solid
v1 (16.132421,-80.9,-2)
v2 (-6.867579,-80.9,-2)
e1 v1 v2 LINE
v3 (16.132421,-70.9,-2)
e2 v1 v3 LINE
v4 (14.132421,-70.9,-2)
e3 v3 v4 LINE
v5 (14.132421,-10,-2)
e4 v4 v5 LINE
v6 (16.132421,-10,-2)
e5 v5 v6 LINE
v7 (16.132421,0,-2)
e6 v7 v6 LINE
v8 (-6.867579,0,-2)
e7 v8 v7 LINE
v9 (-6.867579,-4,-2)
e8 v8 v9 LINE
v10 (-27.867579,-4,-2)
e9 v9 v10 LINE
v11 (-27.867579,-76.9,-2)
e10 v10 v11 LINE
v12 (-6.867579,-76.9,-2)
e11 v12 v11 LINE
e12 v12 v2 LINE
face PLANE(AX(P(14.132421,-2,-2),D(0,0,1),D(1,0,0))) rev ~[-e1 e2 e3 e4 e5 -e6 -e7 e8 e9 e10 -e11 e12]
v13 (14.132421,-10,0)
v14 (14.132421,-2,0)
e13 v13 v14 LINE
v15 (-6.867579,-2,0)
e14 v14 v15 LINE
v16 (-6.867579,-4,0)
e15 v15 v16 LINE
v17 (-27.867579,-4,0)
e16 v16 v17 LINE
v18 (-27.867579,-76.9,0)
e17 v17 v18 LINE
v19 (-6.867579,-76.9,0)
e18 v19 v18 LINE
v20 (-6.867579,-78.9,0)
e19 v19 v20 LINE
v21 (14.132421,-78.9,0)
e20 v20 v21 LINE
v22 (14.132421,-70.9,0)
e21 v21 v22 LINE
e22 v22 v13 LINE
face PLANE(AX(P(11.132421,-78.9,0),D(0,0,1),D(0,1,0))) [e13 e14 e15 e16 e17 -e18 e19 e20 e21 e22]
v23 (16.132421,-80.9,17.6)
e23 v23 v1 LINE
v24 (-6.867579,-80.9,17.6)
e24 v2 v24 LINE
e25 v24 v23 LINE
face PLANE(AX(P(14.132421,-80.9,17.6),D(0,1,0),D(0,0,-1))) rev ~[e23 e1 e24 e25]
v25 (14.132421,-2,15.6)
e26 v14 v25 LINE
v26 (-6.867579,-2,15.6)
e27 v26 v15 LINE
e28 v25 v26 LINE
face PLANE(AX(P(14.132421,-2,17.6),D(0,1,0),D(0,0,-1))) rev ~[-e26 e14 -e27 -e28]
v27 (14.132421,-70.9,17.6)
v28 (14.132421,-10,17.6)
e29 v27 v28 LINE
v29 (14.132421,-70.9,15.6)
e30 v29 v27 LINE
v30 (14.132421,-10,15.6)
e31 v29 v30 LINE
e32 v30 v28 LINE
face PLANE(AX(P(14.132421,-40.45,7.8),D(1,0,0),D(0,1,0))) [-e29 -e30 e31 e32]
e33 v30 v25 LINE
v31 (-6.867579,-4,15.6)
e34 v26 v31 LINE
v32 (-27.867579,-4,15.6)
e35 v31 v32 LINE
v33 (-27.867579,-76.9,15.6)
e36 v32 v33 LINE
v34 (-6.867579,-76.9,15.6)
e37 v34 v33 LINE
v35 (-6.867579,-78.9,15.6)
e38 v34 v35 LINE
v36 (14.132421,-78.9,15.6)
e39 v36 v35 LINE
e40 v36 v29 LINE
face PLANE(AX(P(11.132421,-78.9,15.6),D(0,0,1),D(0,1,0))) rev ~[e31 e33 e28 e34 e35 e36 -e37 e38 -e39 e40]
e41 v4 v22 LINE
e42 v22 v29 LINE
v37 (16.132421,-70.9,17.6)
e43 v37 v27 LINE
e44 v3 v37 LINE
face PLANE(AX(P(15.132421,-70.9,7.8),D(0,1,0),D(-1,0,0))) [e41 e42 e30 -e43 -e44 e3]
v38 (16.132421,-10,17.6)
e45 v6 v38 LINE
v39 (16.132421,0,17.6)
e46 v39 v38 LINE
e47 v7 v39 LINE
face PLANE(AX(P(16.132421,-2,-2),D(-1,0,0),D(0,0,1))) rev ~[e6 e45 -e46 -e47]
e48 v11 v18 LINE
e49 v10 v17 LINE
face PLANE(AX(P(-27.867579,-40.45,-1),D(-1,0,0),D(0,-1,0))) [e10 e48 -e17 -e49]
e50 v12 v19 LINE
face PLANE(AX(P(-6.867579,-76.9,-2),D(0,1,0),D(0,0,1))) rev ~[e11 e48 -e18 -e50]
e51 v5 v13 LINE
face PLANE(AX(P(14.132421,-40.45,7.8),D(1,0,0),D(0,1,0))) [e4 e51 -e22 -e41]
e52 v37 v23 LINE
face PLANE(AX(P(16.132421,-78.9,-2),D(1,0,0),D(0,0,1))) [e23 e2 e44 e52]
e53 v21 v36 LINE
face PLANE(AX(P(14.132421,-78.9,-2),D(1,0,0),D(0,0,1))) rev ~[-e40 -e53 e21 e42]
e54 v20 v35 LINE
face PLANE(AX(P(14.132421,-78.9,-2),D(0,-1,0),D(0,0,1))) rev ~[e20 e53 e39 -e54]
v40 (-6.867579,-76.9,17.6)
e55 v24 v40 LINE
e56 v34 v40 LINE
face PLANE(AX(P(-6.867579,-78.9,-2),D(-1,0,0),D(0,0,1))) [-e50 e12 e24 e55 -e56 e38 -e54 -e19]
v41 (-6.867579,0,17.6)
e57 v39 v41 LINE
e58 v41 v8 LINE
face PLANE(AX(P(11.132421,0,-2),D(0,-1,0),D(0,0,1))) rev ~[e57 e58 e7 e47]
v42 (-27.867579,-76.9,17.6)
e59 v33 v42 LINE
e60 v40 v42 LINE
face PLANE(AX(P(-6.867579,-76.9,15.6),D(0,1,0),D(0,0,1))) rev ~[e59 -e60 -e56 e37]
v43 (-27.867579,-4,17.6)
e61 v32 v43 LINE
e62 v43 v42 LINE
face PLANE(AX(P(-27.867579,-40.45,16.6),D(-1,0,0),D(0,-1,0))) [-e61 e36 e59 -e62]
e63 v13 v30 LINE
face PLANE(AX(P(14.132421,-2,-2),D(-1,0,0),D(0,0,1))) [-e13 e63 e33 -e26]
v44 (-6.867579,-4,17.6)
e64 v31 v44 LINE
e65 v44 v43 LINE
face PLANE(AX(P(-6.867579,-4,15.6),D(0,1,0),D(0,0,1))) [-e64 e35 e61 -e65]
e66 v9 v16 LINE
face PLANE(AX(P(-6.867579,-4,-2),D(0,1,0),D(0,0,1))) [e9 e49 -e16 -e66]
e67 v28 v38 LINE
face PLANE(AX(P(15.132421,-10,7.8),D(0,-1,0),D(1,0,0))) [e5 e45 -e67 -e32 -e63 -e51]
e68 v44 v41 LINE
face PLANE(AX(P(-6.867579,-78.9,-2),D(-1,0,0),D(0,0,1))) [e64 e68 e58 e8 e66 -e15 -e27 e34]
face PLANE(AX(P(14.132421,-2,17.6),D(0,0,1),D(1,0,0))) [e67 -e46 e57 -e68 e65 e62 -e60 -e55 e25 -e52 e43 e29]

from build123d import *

# Parameters (mm, degrees)
F0_W      = 18
F0_H      = 15.6
F0_H_2    = 2
F1_DEPTH  = 2
F2_W      = 18
F2_H      = 2
F3_DEPTH  = 76.9
F4_W      = 18
F4_H      = 19.6
F5_DEPTH  = 2
F6_W      = 72.9
F6_H      = 2
F7_DEPTH  = 21
F8_W      = 80.9
F8_H      = 19.6
F8_W_2    = 76.9
F8_H_2    = 15.6
F9_DEPTH  = 3
F11_DEPTH = 2
F12_W     = 2
F12_H     = 19.6
F13_DEPTH = 8
F14_W     = 2
F14_H     = 19.6
F15_DEPTH = 8


with BuildPart() as f1:
    # F0 (on Front) → F1 (new body)
    with BuildSketch(Plane.XZ):
        with Locations((2.132421, 7.8)):
            Rectangle(F0_W, F0_H)
        with Locations((2.132421, -1)):
            Rectangle(F0_W, F0_H_2)
        with Locations((2.132421, 16.6)):
            Rectangle(F0_W, F0_H_2)
    extrude(amount=F1_DEPTH)

    # F2 (on face) → F3 (join)
    with BuildSketch(Plane.XZ.offset(2)):
        with Locations((2.132421, 16.6)):
            Rectangle(F2_W, F2_H)
        with Locations((2.132421, -1)):
            Rectangle(F2_W, F2_H)
    extrude(amount=F3_DEPTH)

    # F4 (on face) → F5 (join)
    with BuildSketch(Plane.XZ.offset(78.9)):
        with Locations((2.132421, 7.8)):
            Rectangle(F4_W, F4_H)
    extrude(amount=F5_DEPTH)

    # F6 (on face) → F7 (join)
    with BuildSketch(Plane(origin=(-6.867579, 0, 0), x_dir=(0, -1, 0), z_dir=(-1, 0, 0))):
        with Locations((40.45, 16.6)):
            Rectangle(F6_W, F6_H)
        with Locations((40.45, -1)):
            Rectangle(F6_W, F6_H)
    extrude(amount=F7_DEPTH)

    # F8 (on face) → F9 (join)
    with BuildSketch(Plane.YZ.offset(11.132421)):
        with Locations((-40.45, 7.8)):
            Rectangle(F8_W, F8_H)
        with Locations((-40.45, 7.8)):
            Rectangle(F8_W_2, F8_H_2, mode=Mode.SUBTRACT)
    extrude(amount=F9_DEPTH)

    # F10 (on face) → F11 (join)
    with BuildSketch(Plane.YZ.offset(14.132421)):
        Polygon((-78.9, -2), (-78.9, 0), (-78.9, 15.6), (-78.9, 17.6), (-80.9, 17.6), (-80.9, -2), align=None)
        Polygon((-2, -2), (0, -2), (0, 17.6), (-2, 17.6), (-2, 0), align=None)
    extrude(amount=F11_DEPTH)

    # F12 (on face) → F13 (join)
    with BuildSketch(Plane(origin=(0, -78.9, 0), x_dir=(-1, 0, 0), z_dir=(0, 1, 0))):
        with Locations((-15.132421, 7.8)):
            Rectangle(F12_W, F12_H)
    extrude(amount=F13_DEPTH)

    # F14 (on face) → F15 (join)
    with BuildSketch(Plane.XZ.offset(2)):
        with Locations((15.132421, 7.8)):
            Rectangle(F14_W, F14_H)
    extrude(amount=F15_DEPTH)


solid = f1.part
